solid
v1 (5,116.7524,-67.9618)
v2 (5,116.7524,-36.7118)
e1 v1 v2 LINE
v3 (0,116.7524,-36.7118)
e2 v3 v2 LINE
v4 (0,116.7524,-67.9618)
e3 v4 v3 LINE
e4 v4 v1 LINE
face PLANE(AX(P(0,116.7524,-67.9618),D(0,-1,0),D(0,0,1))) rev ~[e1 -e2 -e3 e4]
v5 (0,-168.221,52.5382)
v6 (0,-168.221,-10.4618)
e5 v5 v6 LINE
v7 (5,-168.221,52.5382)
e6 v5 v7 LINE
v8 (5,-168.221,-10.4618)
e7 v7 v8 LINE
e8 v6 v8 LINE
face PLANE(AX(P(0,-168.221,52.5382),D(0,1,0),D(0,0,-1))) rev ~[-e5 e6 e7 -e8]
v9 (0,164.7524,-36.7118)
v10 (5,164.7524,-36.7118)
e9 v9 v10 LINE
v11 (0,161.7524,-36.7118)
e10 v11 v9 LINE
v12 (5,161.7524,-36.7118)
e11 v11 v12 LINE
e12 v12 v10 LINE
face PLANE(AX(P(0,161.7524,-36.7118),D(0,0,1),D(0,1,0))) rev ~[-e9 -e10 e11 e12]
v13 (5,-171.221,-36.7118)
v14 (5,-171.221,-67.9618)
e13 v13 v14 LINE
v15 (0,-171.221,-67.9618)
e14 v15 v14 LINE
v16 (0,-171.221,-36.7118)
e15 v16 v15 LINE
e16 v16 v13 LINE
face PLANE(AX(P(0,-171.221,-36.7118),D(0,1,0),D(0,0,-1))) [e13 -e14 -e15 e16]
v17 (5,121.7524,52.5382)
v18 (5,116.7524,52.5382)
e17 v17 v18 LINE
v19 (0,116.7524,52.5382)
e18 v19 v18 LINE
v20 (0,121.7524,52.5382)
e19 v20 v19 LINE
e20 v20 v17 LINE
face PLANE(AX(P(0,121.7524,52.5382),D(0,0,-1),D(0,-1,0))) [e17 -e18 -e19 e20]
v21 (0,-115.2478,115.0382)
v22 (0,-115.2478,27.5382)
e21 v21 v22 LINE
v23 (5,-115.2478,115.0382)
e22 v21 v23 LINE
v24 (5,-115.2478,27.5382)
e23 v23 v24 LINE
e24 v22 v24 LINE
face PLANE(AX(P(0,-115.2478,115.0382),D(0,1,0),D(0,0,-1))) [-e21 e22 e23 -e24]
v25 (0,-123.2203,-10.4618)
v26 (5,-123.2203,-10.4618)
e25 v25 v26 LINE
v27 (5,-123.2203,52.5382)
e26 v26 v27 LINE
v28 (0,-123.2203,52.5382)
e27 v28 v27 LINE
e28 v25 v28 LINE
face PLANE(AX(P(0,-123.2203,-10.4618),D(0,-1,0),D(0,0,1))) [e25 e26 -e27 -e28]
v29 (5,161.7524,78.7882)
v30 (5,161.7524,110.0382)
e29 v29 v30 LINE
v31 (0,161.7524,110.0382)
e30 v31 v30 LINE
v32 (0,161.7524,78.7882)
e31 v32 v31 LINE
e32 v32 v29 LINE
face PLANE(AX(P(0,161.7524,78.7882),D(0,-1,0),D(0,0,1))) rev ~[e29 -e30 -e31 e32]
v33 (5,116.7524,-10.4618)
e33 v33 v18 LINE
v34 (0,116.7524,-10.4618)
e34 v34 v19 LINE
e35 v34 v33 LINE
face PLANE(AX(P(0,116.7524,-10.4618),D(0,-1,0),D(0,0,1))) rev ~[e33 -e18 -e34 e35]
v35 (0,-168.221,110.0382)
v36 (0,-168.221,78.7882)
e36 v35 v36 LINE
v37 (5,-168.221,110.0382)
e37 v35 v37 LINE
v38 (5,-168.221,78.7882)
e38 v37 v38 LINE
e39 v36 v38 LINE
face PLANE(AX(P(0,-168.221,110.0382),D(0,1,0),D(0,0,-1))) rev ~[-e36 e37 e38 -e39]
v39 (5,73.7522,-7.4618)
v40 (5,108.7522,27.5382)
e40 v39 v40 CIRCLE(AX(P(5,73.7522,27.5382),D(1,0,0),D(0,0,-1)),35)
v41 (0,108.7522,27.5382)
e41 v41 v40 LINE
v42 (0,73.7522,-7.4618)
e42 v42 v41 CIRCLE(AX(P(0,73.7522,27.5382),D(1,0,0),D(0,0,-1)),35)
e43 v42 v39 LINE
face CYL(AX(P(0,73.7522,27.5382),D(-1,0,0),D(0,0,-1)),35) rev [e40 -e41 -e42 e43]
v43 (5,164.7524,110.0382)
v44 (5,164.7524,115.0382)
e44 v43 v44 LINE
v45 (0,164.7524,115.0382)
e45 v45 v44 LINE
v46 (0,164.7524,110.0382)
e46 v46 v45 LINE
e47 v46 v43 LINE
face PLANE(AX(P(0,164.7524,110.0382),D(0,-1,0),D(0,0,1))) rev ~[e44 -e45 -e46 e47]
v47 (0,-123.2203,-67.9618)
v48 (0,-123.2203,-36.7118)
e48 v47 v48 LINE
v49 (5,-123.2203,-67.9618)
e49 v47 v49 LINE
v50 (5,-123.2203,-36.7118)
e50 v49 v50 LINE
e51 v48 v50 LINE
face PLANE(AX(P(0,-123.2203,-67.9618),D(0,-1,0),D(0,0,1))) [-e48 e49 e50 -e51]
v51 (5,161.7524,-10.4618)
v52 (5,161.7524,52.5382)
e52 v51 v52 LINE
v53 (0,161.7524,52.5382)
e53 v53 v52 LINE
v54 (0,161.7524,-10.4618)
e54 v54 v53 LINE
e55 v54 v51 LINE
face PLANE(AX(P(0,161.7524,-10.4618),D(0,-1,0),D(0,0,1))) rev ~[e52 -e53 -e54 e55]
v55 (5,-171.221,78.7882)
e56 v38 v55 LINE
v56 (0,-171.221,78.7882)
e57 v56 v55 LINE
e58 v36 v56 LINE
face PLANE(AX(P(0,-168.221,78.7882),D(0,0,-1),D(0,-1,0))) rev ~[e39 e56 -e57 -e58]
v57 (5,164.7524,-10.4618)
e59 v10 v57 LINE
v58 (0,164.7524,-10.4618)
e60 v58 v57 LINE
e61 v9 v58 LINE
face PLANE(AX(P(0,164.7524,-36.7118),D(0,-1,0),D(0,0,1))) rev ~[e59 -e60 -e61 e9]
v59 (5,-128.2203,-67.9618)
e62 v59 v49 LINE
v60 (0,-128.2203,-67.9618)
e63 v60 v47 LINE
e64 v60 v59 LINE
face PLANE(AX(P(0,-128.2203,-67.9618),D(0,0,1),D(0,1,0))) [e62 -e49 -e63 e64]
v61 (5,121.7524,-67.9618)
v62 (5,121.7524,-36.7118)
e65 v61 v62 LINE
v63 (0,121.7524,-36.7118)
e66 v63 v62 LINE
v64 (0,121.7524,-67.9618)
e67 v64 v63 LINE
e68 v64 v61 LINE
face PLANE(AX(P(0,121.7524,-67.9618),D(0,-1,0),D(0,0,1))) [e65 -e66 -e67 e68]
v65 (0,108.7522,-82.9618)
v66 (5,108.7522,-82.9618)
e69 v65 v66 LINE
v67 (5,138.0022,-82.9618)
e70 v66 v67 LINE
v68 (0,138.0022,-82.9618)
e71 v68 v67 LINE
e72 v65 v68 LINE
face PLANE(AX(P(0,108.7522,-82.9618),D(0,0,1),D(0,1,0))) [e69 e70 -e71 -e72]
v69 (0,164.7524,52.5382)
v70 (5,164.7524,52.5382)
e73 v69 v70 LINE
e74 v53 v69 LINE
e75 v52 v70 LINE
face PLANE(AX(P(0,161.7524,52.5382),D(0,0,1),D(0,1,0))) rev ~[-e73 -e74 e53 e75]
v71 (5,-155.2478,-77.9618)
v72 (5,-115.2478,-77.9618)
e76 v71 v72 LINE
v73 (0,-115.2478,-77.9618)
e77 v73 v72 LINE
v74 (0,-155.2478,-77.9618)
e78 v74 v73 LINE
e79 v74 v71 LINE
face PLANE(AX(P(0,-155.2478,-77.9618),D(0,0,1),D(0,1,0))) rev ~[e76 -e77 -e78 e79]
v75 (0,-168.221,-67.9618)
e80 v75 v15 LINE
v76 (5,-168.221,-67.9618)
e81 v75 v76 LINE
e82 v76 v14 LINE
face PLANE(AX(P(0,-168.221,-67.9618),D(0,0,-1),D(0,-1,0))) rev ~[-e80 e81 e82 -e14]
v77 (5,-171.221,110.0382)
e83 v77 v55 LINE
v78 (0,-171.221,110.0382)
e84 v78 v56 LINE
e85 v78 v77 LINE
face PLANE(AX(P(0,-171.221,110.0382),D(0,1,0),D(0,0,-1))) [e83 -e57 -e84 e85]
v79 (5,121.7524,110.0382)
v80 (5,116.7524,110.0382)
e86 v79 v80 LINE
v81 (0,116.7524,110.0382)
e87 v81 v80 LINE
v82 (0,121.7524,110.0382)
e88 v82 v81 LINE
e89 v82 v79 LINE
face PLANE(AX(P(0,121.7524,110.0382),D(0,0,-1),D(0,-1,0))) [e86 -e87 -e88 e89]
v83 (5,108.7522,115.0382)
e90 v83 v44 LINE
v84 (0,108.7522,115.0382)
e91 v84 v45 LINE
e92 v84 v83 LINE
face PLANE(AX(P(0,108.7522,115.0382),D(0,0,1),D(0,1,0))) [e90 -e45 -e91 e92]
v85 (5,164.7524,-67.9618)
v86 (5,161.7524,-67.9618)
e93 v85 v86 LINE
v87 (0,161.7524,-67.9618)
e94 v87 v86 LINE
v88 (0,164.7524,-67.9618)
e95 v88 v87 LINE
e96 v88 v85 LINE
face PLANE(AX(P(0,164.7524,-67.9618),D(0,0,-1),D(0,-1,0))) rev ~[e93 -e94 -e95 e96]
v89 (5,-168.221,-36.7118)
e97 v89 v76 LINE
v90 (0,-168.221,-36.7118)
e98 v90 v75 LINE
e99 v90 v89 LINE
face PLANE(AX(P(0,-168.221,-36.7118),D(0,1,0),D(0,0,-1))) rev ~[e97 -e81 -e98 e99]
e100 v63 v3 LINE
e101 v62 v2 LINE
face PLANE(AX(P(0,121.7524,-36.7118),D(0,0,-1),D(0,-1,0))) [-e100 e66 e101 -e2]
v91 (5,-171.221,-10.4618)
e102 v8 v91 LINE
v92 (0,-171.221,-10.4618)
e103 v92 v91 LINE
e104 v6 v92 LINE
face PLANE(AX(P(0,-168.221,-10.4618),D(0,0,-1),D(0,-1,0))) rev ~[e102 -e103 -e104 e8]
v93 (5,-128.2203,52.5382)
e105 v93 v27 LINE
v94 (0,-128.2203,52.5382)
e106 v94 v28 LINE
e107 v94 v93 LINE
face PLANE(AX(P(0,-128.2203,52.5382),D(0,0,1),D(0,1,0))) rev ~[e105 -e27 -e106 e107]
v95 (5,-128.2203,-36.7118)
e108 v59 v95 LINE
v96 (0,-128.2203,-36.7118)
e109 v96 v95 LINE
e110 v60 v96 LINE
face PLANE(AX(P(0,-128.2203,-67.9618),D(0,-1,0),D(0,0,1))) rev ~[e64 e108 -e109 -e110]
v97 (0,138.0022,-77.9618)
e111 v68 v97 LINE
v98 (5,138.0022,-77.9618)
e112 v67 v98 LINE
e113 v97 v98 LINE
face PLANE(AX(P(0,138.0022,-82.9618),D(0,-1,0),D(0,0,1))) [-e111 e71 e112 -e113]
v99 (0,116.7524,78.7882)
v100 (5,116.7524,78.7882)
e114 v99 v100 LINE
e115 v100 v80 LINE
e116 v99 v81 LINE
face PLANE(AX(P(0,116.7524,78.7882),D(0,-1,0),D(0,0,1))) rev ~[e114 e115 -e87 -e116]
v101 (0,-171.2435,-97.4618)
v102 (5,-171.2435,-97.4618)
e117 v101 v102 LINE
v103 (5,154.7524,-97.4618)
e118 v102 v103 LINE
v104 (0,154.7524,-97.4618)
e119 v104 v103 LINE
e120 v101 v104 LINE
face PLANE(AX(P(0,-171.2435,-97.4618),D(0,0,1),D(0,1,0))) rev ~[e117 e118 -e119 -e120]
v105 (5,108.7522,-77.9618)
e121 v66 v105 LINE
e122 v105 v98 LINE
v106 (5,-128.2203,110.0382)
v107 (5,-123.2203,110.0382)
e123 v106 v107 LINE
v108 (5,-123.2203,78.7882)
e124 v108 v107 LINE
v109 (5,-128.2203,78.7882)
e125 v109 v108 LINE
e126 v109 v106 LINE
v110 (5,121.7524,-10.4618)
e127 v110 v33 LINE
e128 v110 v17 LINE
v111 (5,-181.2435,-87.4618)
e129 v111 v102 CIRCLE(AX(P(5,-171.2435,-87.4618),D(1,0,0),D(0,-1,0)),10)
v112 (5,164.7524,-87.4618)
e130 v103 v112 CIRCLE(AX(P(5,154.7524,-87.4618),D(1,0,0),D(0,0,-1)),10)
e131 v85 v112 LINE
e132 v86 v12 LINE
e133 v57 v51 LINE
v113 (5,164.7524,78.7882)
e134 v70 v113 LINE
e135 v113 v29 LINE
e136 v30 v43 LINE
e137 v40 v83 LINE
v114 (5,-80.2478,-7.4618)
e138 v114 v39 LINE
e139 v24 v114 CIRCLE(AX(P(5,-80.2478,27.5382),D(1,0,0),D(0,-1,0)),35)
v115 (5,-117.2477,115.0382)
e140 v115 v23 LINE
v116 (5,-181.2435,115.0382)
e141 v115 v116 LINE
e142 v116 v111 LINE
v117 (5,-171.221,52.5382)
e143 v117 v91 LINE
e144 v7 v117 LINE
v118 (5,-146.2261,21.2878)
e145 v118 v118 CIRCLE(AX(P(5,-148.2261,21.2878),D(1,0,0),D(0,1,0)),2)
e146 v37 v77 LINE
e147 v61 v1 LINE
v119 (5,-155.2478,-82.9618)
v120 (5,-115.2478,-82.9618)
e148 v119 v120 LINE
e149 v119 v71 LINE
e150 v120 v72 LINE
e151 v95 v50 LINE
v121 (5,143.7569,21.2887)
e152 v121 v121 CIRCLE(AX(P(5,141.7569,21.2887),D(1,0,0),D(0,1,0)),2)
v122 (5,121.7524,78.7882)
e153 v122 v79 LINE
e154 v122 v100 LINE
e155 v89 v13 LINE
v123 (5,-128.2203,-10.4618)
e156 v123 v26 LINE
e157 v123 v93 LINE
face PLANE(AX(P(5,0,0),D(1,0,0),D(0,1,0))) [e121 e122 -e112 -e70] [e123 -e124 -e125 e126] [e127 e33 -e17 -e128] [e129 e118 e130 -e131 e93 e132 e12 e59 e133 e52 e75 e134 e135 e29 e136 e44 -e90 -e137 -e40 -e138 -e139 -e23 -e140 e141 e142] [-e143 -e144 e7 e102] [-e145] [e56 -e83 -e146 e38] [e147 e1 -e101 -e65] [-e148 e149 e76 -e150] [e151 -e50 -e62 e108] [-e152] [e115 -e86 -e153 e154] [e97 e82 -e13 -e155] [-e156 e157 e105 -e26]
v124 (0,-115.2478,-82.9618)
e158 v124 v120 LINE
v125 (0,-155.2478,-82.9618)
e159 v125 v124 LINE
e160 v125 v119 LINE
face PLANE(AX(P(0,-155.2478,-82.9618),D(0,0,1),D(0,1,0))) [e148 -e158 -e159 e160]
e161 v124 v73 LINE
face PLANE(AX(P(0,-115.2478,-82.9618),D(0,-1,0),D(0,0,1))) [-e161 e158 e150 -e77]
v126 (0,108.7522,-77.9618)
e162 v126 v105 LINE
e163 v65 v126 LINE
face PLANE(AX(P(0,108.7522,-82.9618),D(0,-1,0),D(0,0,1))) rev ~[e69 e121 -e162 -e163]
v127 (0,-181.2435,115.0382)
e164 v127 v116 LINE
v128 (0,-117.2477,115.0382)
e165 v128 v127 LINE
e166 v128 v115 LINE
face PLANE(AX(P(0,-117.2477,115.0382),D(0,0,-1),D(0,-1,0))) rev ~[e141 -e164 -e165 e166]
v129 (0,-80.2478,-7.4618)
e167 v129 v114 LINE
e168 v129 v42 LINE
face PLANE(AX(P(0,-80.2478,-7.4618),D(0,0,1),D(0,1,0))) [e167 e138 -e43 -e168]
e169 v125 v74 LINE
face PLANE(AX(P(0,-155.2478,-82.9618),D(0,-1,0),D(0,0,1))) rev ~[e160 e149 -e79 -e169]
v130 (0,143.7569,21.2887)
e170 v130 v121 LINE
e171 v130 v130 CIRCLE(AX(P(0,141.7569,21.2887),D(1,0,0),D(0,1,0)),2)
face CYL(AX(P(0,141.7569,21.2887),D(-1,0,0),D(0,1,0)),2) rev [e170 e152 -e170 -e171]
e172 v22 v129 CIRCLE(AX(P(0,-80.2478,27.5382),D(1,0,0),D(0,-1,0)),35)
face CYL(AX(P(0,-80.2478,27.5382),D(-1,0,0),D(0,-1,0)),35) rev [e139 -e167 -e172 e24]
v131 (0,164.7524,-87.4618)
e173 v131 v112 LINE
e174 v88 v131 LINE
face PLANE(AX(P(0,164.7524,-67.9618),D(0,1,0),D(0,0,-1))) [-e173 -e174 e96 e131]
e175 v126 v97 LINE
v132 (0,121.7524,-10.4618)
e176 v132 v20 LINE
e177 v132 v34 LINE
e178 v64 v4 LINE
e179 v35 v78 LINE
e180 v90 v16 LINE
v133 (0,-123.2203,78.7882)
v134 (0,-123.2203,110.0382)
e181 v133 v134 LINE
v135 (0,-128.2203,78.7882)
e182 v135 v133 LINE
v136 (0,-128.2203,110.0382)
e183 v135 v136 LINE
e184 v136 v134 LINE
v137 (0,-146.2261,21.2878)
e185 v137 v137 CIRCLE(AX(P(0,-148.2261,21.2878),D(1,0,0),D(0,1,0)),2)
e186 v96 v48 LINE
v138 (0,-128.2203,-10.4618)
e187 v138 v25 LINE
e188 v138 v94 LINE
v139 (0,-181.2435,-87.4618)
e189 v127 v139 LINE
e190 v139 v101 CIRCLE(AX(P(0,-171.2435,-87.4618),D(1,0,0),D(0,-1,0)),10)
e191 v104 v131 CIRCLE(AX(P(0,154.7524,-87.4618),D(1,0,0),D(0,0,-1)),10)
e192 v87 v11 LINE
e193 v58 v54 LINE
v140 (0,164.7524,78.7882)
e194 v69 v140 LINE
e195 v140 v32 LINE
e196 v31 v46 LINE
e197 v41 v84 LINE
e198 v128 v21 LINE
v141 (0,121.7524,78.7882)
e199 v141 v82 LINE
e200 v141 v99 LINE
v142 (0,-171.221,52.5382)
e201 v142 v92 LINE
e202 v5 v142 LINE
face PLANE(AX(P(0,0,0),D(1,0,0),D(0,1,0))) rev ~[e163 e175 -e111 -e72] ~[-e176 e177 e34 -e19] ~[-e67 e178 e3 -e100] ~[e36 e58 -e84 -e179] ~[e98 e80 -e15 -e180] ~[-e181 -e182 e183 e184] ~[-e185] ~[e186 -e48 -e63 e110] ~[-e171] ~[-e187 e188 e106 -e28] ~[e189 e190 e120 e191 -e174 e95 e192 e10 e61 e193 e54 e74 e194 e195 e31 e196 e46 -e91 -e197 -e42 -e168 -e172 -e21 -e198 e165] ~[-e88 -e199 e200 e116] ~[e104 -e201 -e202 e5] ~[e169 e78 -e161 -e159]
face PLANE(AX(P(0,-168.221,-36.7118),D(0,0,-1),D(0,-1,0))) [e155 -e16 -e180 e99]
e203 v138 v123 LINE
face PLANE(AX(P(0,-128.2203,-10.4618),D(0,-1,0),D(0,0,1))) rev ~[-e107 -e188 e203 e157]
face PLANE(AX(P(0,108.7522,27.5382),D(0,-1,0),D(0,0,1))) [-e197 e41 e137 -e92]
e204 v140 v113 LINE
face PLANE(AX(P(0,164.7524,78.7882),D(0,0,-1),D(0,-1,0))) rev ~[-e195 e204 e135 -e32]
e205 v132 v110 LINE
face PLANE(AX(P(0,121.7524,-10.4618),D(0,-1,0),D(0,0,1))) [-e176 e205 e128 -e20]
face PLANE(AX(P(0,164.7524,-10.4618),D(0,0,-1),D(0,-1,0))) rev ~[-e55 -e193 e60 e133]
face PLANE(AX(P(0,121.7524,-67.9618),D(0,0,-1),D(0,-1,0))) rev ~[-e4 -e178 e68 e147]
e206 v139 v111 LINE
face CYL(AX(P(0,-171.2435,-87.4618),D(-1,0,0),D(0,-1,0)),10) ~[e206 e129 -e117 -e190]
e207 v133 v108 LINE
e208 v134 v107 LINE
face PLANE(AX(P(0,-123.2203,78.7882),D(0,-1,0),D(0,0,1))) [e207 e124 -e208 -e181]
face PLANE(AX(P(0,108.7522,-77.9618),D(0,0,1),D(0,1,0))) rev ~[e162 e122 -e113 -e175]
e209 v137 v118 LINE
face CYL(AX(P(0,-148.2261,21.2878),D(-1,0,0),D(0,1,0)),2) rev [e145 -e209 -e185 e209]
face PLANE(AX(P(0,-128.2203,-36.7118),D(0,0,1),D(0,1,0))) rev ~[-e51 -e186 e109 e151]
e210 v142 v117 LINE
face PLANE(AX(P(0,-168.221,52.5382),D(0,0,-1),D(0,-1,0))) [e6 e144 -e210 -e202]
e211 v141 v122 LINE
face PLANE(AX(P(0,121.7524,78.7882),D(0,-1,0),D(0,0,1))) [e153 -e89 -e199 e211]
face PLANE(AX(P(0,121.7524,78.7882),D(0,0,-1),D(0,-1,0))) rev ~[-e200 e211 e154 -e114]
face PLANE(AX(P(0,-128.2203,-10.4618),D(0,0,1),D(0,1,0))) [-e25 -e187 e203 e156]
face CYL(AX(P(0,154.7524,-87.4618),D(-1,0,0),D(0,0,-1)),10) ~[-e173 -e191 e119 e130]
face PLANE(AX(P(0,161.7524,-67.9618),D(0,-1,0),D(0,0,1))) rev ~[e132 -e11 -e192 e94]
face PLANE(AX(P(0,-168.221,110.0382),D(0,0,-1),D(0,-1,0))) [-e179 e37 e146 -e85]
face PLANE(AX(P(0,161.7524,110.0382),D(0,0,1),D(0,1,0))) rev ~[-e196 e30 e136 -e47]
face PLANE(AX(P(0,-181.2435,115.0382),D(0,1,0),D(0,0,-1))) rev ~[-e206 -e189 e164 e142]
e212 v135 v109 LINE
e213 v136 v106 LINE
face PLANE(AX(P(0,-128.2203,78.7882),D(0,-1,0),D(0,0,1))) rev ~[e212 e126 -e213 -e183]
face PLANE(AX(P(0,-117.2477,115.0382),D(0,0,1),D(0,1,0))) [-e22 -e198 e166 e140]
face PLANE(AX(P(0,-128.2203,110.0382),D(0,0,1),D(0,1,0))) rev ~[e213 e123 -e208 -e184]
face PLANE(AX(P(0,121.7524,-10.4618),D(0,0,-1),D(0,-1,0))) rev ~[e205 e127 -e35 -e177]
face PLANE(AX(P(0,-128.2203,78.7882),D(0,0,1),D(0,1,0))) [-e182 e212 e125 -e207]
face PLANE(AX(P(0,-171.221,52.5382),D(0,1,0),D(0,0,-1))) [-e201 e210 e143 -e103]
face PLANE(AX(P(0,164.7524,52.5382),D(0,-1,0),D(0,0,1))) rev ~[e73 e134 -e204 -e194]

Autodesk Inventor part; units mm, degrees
ref_plane "YZ Plane" through (0, 0, 0) normal (1, 0, 0) x (0, 1, 0)
ref_plane "XZ Plane" through (0, 0, 0) normal (0, 1, 0) x (-1, 0, 0)
ref_plane "XY Plane" through (0, 0, 0) normal (0, 0, 1) x (1, 0, 0)
sketch "Sketch1" plane through (0, 0, 0) normal (1, 0, 0) x (0, 1, 0)
  line L0 (-181.2435, 115.0382) -> (-181.2435, -87.4618)
  line L1 (-80.2478, -7.4618) -> (73.7522, -7.4618)
  line L2 (-171.2435, -97.4618) -> (154.7524, -97.4618)
  line L3 (164.7524, -67.9618) -> (164.7524, -87.4618)
  circle A0 centre (141.7569, 21.2887) radius 2
  line L4 (-117.2477, 115.0382) -> (-181.2435, 115.0382)
  line L5 (-117.2477, 115.0382) -> (-115.2478, 115.0382)
  line L6 (-115.2478, 115.0382) -> (-115.2478, 27.5382)
  line L7 (108.7522, 27.5382) -> (108.7522, 115.0382)
  line L8 (108.7522, 115.0382) -> (164.7524, 115.0382)
  arc A1 (-181.2435, -87.4618) -> (-171.2435, -97.4618) centre (-171.2435, -87.4618) ccw
  line L9 (-128.2203, -67.9618) -> (-128.2203, -36.7118)
  line L10 (-128.2203, -36.7118) -> (-123.2203, -36.7118)
  line L11 (-123.2203, -67.9618) -> (-123.2203, -36.7118)
  line L12 (-128.2203, -67.9618) -> (-123.2203, -67.9618)
  line L13 (-128.2203, -10.4618) -> (-128.2203, 52.5382)
  line L14 (-128.2203, -10.4618) -> (-123.2203, -10.4618)
  line L15 (-123.2203, -10.4618) -> (-123.2203, 52.5382)
  line L16 (-128.2203, 52.5382) -> (-123.2203, 52.5382)
  line L17 (-128.2203, 78.7882) -> (-123.2203, 78.7882)
  line L18 (-123.2203, 78.7882) -> (-123.2203, 110.0382)
  line L19 (-128.2203, 110.0382) -> (-123.2203, 110.0382)
  line L20 (-128.2203, 78.7882) -> (-128.2203, 110.0382)
  circle A2 centre (-148.2261, 21.2878) radius 2
  line L21 (121.7524, 78.7882) -> (121.7524, 110.0382) projected
  line L22 (121.7524, 110.0382) -> (116.7524, 110.0382) projected
  line L23 (116.7524, 78.7882) -> (116.7524, 110.0382) projected
  line L24 (121.7524, 78.7882) -> (116.7524, 78.7882) projected
  line L25 (121.7524, -10.4618) -> (121.7524, 52.5382) projected
  line L26 (121.7524, 52.5382) -> (116.7524, 52.5382) projected
  line L27 (116.7524, -10.4618) -> (116.7524, 52.5382) projected
  line L28 (121.7524, -10.4618) -> (116.7524, -10.4618) projected
  line L29 (121.7524, -67.9618) -> (121.7524, -36.7118) projected
  line L30 (121.7524, -36.7118) -> (116.7524, -36.7118) projected
  line L31 (116.7524, -67.9618) -> (116.7524, -36.7118) projected
  line L32 (121.7524, -67.9618) -> (116.7524, -67.9618) projected
  line L33 (164.7524, 110.0382) -> (164.7524, 115.0382)
  line L34 (161.7524, 110.0382) -> (164.7524, 110.0382)
  line L35 (161.7524, 78.7882) -> (161.7524, 110.0382)
  line L36 (164.7524, 78.7882) -> (161.7524, 78.7882)
  line L37 (164.7524, 52.5382) -> (164.7524, 78.7882)
  line L38 (161.7524, 52.5382) -> (164.7524, 52.5382)
  line L39 (161.7524, -10.4618) -> (161.7524, 52.5382)
  line L40 (164.7524, -10.4618) -> (161.7524, -10.4618)
  line L41 (164.7524, -36.7118) -> (164.7524, -10.4618)
  line L42 (161.7524, -36.7118) -> (164.7524, -36.7118)
  line L43 (161.7524, -67.9618) -> (161.7524, -36.7118)
  line L44 (164.7524, -67.9618) -> (161.7524, -67.9618)
  arc A3 (73.7522, -7.4618) -> (108.7522, 27.5382) centre (73.7522, 27.5382) ccw
  arc A4 (-115.2478, 27.5382) -> (-80.2478, -7.4618) centre (-80.2478, 27.5382) ccw
  line L45 (-155.2478, -82.9618) -> (-115.2478, -82.9618) projected
  line L46 (-115.2478, -82.9618) -> (-115.2478, -77.9618) projected
  line L47 (-155.2478, -77.9618) -> (-115.2478, -77.9618) projected
  line L48 (-155.2478, -82.9618) -> (-155.2478, -77.9618) projected
  line L49 (108.7522, -82.9618) -> (138.0022, -82.9618) projected
  line L50 (138.0022, -82.9618) -> (138.0022, -77.9618) projected
  line L51 (108.7522, -77.9618) -> (138.0022, -77.9618) projected
  line L52 (108.7522, -82.9618) -> (108.7522, -77.9618) projected
  arc A5 (154.7524, -97.4618) -> (164.7524, -87.4618) centre (154.7524, -87.4618) ccw
  line L53 (-168.221, -67.9618) -> (-171.221, -67.9618)
  line L54 (-171.221, -36.7118) -> (-171.221, -67.9618)
  line L55 (-168.221, -36.7118) -> (-168.221, -67.9618)
  line L56 (-168.221, -36.7118) -> (-171.221, -36.7118)
  line L57 (-168.221, -10.4618) -> (-171.221, -10.4618)
  line L58 (-168.221, 52.5382) -> (-168.221, -10.4618)
  line L59 (-171.221, 52.5382) -> (-171.221, -10.4618)
  line L60 (-168.221, 52.5382) -> (-171.221, 52.5382)
  line L61 (-168.221, 78.7882) -> (-171.221, 78.7882)
  line L62 (-171.221, 110.0382) -> (-171.221, 78.7882)
  line L63 (-168.221, 110.0382) -> (-168.221, 78.7882)
  line L64 (-168.221, 110.0382) -> (-171.221, 110.0382)
  point P0 (141.7524, 19.2994)
  point P1 (143.3399, 20.8869)
  point P2 (164.7524, -92.4608)
  point P3 (161.7524, -97.4618)
  point P4 (-176.2435, -97.4618)
  point P5 (-181.2435, -92.4608)
  point P6 (-115.2478, 7.8284)
  point P7 (-107.2347, -7.4618)
  point P8 (98.7522, -7.4618)
  point P9 (108.7522, 9.8153)
  point P10 (156.7524, -97.4618)
  point P11 (-95.2478, -7.4618)
  point P12 (-115.2478, 12.5382)
  dimension "d40" = 212.5
  dimension "d41" = 212.5
  dimension "d44" = 4
  dimension "d50" = 35
  dimension "d51" = 90
  dimension "d52" = 35
  dimension "d54" = 3
  dimension "d55" = 10
extrude "Extrusion1" add sketch "Sketch1" along normal blind 5
properties part number "side bracer" material "Brass, Soft Yellow"
